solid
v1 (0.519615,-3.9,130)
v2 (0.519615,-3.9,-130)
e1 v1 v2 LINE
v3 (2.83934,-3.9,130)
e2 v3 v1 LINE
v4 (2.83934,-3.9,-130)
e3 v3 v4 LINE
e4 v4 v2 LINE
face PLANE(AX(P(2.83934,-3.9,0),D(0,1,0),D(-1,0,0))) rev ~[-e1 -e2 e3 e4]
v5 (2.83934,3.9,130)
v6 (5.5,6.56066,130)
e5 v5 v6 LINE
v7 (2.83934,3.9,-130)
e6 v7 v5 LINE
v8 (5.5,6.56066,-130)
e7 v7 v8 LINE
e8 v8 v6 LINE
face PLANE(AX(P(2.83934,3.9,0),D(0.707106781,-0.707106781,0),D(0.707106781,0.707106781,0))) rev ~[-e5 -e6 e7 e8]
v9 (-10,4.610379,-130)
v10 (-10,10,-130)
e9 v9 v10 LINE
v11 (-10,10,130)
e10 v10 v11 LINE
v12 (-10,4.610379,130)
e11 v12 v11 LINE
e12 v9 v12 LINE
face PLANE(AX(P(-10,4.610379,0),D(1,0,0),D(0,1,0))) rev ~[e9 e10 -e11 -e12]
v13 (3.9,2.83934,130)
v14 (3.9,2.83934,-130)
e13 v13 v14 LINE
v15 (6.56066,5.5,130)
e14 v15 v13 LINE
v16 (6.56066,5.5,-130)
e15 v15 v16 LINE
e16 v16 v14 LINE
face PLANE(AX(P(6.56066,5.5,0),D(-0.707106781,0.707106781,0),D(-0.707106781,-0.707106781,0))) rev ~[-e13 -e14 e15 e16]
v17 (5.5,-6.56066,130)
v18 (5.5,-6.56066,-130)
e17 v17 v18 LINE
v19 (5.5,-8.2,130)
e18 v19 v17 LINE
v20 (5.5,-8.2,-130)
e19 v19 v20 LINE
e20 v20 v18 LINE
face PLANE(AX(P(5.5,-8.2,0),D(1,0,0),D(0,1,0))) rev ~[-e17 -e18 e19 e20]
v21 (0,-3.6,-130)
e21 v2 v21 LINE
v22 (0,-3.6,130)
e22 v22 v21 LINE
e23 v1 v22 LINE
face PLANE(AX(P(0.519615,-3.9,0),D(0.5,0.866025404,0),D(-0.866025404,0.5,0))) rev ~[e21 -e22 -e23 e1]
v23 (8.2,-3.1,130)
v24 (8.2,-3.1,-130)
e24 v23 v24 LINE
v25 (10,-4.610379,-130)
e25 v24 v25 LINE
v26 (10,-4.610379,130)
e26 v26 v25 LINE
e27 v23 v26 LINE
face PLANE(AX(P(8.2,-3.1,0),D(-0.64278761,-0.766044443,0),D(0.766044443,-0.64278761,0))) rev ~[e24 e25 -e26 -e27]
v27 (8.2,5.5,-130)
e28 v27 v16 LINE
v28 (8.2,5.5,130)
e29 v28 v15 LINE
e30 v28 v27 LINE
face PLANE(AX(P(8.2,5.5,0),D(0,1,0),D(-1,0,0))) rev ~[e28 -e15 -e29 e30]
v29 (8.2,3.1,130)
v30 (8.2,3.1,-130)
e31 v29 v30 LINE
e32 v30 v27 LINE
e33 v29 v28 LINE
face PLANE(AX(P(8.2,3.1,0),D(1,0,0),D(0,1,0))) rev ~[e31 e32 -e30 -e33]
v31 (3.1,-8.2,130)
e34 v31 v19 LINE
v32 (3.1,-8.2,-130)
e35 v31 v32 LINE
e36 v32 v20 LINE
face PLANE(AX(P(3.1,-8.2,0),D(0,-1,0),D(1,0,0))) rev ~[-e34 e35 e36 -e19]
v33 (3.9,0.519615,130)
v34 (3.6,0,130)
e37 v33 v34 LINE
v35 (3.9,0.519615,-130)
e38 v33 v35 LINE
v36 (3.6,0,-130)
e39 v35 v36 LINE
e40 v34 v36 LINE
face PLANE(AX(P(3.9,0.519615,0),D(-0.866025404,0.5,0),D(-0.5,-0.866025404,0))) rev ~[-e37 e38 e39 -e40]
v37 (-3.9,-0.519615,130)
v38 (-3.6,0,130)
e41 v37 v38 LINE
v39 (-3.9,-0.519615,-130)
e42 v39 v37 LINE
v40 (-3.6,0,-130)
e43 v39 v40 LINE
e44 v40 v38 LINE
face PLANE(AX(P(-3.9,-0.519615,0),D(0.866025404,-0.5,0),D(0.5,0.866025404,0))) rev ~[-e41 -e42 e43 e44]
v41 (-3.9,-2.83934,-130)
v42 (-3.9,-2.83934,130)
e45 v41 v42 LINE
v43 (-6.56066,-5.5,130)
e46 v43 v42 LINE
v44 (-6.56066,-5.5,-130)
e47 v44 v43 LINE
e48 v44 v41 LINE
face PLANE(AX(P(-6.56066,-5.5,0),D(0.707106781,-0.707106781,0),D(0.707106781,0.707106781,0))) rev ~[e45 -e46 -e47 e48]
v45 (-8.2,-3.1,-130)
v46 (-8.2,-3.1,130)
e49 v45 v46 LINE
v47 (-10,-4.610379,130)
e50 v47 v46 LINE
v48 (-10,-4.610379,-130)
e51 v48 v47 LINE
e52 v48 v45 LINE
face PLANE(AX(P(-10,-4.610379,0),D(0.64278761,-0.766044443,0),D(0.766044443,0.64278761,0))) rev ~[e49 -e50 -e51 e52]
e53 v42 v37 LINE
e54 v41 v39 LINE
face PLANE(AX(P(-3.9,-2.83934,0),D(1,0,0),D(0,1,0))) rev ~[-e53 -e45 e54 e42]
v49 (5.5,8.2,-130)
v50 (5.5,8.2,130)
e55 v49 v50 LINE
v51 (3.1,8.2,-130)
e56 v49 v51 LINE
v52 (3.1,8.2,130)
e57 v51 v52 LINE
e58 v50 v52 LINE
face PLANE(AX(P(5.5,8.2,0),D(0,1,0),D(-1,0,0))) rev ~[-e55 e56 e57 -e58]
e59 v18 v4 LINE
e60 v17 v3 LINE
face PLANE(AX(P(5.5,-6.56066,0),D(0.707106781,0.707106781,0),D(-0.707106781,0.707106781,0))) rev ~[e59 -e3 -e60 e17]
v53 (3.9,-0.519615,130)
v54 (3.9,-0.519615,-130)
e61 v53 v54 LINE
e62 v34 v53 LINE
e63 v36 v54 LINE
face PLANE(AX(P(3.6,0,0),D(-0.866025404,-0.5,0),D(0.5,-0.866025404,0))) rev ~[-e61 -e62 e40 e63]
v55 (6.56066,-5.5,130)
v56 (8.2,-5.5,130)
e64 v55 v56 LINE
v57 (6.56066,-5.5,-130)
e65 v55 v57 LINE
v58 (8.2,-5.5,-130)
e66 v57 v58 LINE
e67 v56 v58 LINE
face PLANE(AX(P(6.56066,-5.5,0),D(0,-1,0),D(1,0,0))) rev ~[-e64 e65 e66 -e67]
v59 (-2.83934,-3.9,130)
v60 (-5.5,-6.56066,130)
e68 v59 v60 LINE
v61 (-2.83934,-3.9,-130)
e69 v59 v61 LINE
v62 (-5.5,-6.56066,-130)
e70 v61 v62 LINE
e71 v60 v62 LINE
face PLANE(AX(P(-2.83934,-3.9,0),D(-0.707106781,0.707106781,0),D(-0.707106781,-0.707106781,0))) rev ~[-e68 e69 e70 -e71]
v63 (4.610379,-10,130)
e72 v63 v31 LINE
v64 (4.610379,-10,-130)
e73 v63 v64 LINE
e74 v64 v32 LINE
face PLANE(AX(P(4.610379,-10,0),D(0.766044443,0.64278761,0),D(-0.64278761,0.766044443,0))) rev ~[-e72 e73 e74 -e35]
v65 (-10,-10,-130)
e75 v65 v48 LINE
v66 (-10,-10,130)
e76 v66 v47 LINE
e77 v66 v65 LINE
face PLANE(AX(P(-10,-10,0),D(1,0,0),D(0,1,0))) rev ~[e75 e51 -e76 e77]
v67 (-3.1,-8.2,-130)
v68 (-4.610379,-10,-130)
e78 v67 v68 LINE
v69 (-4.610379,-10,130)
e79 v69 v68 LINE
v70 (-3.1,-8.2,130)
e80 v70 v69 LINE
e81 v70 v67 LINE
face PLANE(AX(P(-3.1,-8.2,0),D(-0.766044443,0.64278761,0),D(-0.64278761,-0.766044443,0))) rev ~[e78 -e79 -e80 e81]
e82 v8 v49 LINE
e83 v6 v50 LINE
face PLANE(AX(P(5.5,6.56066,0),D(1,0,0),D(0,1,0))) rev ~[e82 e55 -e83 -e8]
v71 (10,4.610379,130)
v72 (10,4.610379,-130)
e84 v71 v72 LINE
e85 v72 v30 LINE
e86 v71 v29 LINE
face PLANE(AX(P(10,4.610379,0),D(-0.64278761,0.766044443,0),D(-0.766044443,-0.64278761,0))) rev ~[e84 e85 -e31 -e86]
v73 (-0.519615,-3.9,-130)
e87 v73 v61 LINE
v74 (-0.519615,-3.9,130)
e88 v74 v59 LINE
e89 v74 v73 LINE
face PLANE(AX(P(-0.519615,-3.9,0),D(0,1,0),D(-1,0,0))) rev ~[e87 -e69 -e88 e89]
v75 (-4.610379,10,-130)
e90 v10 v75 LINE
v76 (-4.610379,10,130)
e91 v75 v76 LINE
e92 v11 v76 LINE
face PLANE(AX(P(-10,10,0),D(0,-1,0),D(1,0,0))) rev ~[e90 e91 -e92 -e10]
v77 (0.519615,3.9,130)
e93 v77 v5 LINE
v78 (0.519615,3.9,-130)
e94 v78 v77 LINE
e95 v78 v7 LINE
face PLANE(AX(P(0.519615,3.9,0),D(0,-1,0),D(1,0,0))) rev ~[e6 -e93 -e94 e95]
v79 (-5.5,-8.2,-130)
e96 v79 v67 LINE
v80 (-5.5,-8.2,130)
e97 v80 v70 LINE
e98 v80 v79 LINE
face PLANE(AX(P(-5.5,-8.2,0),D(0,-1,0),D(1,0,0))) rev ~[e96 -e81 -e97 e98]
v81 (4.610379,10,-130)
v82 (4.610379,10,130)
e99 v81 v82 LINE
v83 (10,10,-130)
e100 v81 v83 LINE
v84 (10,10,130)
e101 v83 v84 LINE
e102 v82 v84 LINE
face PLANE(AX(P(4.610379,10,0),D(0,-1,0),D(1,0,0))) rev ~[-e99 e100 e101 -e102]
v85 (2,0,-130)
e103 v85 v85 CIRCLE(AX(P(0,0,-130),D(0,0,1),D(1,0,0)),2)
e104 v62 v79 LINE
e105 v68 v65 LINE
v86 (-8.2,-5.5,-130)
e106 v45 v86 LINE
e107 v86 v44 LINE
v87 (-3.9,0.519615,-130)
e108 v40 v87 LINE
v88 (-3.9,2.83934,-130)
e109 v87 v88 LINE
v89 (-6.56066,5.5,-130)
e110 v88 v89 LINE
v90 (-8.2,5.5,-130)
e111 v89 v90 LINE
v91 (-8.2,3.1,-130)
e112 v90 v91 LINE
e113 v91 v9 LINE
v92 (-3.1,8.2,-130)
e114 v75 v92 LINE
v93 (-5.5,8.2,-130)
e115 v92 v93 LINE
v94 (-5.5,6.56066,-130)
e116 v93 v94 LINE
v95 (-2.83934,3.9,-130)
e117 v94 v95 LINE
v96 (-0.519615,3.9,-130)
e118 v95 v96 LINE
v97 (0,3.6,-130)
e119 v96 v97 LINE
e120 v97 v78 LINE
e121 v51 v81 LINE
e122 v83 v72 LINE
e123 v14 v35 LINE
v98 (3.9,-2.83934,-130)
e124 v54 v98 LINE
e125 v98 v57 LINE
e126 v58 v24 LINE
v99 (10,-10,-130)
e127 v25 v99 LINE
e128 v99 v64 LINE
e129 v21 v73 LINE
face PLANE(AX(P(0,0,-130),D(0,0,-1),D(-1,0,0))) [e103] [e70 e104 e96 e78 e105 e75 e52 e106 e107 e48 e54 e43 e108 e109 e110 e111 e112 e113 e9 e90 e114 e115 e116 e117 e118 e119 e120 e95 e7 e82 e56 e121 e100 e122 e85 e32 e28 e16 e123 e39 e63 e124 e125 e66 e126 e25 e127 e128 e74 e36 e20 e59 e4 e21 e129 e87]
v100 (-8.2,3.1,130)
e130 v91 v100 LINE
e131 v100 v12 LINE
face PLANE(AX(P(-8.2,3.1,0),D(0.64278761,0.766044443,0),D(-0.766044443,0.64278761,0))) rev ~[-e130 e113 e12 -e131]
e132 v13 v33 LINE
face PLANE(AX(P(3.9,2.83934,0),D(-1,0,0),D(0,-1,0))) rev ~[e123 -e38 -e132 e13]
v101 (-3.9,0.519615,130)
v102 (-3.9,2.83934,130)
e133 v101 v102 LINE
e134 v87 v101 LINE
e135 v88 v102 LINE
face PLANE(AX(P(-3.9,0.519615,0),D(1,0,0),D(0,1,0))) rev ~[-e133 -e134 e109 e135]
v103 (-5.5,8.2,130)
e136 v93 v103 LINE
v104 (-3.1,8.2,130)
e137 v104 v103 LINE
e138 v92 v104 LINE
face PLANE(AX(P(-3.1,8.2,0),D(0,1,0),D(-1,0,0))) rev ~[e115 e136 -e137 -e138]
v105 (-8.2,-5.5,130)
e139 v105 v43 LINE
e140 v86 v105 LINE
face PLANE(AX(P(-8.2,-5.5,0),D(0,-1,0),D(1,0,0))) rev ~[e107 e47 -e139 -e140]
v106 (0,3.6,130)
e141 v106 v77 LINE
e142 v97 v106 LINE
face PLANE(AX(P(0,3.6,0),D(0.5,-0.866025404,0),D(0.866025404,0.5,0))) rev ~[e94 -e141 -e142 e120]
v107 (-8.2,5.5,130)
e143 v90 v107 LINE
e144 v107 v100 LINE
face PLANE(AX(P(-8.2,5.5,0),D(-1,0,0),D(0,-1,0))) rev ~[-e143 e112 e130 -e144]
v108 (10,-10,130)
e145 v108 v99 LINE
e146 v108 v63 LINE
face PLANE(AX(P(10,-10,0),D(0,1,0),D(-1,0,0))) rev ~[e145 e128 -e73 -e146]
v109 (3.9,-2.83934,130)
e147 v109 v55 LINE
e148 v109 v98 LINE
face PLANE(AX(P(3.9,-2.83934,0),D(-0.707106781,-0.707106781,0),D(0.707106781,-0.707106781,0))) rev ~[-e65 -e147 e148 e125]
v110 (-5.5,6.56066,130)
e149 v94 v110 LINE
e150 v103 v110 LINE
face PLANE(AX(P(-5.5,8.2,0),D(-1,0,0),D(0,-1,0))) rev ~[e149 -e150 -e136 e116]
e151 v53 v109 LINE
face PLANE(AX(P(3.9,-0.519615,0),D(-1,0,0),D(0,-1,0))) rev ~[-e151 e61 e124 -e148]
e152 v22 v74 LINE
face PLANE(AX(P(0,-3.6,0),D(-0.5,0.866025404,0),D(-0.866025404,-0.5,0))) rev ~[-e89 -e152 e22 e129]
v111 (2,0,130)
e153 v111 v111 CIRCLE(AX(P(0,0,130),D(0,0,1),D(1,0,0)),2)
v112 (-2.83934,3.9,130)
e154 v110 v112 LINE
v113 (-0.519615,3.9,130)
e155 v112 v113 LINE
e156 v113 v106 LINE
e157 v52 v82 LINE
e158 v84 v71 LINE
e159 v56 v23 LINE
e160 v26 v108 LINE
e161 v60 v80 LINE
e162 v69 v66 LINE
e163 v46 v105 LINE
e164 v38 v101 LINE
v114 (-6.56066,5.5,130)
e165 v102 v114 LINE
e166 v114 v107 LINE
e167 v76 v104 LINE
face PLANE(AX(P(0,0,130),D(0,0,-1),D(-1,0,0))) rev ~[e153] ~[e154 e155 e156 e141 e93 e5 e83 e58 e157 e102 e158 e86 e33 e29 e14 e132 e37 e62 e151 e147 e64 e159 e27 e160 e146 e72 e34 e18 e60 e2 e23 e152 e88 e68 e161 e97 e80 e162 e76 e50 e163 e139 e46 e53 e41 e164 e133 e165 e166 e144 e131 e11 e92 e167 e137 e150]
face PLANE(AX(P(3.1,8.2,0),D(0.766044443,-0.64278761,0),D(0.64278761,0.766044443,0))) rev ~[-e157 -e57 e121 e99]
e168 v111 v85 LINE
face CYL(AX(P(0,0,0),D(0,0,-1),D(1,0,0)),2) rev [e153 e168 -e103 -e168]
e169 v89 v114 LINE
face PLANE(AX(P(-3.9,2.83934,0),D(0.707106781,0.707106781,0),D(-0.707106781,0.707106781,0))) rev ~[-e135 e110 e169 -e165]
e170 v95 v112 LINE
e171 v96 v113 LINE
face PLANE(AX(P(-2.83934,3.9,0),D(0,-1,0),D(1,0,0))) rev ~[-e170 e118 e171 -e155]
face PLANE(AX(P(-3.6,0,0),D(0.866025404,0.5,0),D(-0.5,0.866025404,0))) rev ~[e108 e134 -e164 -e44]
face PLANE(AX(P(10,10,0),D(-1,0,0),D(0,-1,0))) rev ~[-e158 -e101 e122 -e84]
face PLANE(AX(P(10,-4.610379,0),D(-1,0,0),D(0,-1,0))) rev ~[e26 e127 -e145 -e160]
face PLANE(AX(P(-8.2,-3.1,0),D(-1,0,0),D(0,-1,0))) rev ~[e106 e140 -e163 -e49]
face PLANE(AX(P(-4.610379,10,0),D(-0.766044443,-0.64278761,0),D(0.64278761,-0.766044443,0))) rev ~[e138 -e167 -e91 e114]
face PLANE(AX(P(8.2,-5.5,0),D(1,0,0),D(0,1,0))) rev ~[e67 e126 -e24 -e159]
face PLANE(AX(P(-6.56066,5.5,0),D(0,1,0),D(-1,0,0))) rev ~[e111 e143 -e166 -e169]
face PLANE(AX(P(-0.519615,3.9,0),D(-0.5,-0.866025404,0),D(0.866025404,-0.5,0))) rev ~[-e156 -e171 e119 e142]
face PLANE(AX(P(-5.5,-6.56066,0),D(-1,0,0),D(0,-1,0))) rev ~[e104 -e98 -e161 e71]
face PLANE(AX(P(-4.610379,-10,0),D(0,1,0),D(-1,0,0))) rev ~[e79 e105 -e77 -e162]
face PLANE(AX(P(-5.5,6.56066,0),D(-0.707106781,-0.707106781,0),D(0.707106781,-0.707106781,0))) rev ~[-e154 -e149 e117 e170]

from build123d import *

# Parameters (mm, degrees)
SKETCH1_R           = 2
BOSS_EXTRUDE1_DEPTH = 130


with BuildPart() as part:
    # Sketch1 → Boss-Extrude1 (new body, symmetric)
    with BuildSketch(Plane.XY):
        Polygon((10, 10), (10, 4.610379336), (8.2, 3.1), (8.2, 5.5), (6.560660172, 5.5), (3.9, 2.839339828), (3.9, 0.519615242), (3.6, 0), (3.9, -0.519615242), (3.9, -2.839339828), (6.560660172, -5.5), (8.2, -5.5), (8.2, -3.1), (10, -4.610379336), (10, -10), (4.610379336, -10), (3.1, -8.2), (5.5, -8.2), (5.5, -6.560660172), (2.839339828, -3.9), (0.519615242, -3.9), (0, -3.6), (-0.519615242, -3.9), (-2.839339828, -3.9), (-5.5, -6.560660172), (-5.5, -8.2), (-3.1, -8.2), (-4.610379336, -10), (-10, -10), (-10, -4.610379336), (-8.2, -3.1), (-8.2, -5.5), (-6.560660172, -5.5), (-3.9, -2.839339828), (-3.9, -0.519615242), (-3.6, 0), (-3.9, 0.519615242), (-3.9, 2.839339828), (-6.560660172, 5.5), (-8.2, 5.5), (-8.2, 3.1), (-10, 4.610379336), (-10, 10), (-4.610379336, 10), (-3.1, 8.2), (-5.5, 8.2), (-5.5, 6.560660172), (-2.839339828, 3.9), (-0.519615242, 3.9), (0, 3.6), (0.519615242, 3.9), (2.839339828, 3.9), (5.5, 6.560660172), (5.5, 8.2), (3.1, 8.2), (4.610379336, 10), align=None)
        Circle(SKETCH1_R, mode=Mode.SUBTRACT)
    extrude(amount=BOSS_EXTRUDE1_DEPTH, both=True)


solid = part.part
